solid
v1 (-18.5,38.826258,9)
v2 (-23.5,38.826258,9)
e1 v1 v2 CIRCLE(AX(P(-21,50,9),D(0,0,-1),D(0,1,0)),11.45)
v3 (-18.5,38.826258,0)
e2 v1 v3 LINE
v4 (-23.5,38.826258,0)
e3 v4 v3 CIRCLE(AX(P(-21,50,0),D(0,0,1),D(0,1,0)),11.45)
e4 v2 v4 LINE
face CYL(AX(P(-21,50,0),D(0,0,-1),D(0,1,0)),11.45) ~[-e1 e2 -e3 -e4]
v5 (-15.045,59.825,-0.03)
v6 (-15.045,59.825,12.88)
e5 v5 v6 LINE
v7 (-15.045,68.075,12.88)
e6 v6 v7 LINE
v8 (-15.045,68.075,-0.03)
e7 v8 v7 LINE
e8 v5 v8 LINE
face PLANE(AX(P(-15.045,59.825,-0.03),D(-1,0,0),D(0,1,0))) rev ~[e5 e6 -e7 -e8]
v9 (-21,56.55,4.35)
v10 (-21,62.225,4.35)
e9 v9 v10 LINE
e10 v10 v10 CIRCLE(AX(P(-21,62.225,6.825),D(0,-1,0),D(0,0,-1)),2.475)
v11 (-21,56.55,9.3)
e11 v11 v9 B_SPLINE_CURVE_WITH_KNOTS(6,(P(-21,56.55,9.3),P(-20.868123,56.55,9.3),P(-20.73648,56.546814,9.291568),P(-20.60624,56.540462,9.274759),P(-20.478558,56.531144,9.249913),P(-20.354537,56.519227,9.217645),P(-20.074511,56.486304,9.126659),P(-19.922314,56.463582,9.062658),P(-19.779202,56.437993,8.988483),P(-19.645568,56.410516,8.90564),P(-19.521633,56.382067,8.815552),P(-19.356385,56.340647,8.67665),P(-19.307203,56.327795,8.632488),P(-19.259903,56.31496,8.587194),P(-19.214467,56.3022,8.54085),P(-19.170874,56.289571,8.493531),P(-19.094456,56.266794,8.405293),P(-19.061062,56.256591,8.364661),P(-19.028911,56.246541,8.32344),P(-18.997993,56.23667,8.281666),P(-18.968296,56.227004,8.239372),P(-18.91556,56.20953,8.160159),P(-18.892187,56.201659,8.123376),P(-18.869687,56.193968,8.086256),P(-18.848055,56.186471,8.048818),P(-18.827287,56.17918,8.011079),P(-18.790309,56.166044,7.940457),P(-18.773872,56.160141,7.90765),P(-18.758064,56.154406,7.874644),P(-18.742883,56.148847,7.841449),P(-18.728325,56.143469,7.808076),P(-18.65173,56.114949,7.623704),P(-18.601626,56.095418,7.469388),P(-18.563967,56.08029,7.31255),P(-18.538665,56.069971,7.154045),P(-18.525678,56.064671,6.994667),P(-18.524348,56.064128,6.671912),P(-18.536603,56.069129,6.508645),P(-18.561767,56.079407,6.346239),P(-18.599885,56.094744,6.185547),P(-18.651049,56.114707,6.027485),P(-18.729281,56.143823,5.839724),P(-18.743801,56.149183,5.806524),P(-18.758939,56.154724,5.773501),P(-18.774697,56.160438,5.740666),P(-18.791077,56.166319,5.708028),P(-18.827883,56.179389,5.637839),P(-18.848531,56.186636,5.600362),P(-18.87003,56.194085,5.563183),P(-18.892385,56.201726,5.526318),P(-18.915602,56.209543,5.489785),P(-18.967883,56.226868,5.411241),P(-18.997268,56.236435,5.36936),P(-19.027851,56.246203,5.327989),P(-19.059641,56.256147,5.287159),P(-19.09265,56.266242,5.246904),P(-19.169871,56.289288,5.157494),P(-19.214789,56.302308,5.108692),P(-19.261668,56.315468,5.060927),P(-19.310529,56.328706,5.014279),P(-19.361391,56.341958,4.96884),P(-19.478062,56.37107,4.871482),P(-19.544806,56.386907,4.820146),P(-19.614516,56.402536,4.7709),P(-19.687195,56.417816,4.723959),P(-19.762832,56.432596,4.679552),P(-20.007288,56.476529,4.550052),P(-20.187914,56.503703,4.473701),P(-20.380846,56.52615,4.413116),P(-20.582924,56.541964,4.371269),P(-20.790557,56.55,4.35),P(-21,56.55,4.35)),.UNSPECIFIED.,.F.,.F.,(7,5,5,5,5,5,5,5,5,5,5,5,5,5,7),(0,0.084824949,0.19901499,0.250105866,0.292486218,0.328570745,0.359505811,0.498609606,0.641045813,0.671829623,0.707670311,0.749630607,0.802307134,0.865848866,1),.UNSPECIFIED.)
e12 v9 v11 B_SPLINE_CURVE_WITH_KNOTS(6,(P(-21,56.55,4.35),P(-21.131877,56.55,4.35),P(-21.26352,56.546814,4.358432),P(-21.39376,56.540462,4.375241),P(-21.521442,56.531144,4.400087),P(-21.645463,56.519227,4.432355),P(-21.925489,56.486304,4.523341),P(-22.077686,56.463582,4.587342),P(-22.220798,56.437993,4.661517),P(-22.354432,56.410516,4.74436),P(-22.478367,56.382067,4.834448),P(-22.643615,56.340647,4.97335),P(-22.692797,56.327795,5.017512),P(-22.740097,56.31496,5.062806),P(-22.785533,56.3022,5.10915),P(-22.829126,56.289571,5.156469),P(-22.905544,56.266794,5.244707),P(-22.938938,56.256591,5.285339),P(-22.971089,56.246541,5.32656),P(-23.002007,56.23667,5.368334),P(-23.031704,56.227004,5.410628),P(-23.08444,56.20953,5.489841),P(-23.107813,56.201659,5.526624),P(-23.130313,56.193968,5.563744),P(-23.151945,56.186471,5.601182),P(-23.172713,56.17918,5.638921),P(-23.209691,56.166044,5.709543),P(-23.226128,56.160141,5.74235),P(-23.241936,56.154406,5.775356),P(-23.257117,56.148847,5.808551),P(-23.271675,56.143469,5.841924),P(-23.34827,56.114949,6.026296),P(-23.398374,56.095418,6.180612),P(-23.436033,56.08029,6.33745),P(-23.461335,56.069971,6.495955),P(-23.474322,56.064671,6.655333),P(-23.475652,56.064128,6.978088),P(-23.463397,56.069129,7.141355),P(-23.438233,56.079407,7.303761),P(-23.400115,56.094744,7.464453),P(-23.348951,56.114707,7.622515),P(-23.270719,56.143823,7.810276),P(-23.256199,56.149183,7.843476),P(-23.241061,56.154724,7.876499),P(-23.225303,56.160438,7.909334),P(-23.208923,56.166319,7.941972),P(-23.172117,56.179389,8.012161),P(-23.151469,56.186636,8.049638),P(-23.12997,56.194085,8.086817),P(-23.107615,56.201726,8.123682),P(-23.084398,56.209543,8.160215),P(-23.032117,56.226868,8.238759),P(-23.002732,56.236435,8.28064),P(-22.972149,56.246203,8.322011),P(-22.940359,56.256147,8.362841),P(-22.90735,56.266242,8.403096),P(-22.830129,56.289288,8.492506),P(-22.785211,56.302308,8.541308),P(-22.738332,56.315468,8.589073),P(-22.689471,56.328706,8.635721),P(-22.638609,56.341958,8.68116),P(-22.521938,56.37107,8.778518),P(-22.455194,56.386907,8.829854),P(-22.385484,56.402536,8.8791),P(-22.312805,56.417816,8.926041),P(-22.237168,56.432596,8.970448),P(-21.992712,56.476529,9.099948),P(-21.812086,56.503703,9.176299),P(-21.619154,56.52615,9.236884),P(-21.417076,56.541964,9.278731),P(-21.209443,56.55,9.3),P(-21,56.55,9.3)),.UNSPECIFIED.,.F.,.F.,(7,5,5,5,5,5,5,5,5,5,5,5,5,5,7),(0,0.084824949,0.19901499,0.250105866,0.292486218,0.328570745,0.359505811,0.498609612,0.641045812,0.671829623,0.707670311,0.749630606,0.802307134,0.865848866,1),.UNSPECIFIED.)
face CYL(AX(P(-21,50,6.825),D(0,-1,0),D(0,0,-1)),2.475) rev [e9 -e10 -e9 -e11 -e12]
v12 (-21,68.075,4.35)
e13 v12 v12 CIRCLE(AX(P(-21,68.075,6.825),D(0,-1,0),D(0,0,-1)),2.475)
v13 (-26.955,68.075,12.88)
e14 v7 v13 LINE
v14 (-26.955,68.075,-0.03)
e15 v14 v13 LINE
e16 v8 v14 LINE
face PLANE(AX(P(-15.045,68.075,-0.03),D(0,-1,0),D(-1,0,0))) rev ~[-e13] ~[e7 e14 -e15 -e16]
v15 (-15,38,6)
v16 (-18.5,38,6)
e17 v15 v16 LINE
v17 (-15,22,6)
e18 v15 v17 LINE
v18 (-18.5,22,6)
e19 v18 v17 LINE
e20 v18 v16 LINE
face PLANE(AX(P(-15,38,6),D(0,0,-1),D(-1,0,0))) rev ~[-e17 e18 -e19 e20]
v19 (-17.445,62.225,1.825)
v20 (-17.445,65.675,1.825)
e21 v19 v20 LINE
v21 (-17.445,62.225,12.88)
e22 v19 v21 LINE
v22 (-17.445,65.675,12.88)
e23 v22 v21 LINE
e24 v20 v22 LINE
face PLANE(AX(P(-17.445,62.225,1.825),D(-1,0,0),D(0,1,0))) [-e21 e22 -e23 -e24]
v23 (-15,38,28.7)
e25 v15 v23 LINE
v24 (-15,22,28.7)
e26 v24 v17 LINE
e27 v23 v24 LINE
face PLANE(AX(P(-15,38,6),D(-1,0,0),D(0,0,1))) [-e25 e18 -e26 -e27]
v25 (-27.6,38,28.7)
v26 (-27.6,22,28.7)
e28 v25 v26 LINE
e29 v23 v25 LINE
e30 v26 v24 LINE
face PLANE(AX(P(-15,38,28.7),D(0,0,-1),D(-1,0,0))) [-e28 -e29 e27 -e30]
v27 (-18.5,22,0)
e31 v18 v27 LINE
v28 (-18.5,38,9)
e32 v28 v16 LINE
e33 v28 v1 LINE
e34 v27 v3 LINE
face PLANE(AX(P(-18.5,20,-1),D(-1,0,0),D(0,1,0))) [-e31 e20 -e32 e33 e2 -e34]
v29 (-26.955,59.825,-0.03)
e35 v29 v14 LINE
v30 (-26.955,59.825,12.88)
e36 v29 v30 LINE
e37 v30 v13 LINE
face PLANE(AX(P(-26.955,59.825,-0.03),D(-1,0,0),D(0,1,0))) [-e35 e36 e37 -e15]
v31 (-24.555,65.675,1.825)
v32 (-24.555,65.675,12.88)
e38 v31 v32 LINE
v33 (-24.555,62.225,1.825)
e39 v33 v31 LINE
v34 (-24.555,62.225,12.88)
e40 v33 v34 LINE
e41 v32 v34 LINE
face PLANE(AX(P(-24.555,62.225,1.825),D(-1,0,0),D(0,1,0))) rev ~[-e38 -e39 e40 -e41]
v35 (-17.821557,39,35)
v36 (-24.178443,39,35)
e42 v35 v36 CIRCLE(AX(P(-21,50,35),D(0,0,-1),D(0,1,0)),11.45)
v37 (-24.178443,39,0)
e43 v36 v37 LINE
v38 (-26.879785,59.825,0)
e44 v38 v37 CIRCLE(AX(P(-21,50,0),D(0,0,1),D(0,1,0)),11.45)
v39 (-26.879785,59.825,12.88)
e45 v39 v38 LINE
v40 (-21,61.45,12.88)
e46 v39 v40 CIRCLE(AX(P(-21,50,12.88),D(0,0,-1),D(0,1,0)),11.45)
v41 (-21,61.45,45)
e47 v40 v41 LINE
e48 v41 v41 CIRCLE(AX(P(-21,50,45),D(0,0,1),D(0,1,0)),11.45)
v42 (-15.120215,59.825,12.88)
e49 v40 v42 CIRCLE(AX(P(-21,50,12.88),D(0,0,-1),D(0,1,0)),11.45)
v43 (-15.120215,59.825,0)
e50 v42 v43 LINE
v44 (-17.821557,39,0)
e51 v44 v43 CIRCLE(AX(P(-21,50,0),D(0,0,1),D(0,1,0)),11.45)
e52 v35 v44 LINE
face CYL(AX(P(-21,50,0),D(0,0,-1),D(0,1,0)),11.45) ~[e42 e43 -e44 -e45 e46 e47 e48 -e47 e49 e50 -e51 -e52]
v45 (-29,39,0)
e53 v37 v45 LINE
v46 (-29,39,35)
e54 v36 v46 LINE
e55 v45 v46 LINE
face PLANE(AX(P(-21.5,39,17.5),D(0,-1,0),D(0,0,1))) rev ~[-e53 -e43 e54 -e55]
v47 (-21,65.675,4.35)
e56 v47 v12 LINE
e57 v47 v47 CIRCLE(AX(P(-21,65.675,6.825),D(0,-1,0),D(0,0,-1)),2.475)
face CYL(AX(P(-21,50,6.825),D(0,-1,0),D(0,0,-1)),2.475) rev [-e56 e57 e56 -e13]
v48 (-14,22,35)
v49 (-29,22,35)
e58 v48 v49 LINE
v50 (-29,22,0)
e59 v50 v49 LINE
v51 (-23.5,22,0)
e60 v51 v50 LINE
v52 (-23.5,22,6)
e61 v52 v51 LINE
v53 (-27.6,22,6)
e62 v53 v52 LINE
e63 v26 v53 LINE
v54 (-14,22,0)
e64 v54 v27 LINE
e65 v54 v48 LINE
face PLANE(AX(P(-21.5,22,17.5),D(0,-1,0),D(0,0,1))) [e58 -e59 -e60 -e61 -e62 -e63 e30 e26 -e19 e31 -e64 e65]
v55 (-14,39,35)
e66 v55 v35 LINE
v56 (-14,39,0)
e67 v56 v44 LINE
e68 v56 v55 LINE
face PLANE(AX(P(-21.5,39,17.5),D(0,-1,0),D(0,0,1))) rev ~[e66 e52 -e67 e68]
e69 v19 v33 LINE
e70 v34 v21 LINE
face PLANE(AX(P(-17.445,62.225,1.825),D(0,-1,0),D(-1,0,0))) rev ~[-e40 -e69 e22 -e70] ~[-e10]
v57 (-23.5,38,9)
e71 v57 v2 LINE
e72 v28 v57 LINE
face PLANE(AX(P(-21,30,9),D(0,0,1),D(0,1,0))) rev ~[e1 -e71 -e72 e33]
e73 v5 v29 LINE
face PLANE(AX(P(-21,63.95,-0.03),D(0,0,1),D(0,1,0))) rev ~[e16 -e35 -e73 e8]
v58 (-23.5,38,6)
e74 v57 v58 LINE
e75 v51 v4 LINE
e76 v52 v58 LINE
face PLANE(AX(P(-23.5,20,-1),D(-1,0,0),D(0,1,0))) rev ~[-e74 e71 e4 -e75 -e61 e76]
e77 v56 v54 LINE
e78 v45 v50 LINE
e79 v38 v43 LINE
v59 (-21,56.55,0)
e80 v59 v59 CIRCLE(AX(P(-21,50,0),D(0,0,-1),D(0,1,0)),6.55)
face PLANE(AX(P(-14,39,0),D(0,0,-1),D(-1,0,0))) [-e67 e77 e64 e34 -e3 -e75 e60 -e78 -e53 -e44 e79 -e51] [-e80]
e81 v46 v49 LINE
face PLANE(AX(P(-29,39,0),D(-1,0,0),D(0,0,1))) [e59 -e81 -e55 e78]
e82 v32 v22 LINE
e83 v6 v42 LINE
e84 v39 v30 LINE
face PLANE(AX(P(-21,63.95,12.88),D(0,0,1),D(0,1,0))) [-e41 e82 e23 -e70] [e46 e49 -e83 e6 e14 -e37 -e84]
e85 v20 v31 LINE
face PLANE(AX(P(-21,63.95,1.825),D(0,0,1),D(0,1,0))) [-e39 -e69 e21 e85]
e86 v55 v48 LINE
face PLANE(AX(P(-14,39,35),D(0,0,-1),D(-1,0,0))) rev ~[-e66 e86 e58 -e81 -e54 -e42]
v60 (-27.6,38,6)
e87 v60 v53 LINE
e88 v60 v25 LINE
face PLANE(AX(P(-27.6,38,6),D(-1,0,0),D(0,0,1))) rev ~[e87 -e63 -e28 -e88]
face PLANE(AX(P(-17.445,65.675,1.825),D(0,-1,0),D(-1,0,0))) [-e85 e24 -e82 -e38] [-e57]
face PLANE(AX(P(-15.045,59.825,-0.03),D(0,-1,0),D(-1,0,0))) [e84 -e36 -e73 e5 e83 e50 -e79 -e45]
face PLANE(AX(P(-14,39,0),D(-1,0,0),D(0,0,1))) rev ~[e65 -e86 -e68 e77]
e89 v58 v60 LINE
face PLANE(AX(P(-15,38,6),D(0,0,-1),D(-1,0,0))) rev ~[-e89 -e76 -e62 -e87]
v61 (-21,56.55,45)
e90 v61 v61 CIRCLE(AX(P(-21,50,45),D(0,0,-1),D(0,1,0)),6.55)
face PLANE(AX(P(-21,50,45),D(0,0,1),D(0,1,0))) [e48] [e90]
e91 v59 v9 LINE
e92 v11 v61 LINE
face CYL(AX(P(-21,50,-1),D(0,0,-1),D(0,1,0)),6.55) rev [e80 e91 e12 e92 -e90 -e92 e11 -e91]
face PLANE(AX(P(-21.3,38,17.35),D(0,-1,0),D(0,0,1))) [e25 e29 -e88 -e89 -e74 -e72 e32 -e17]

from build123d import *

# Parameters (mm, degrees)
BOX002_W               = 20
BOX002_H               = 5
BOX002_DEPTH           = 10
BOX_W                  = 22.7
BOX_H                  = 12.6
BOX_DEPTH              = 17
BOX001_W               = 35
BOX001_H               = 15
BOX001_DEPTH           = 17
CUT_PLACEMENT_ANGLE    = 90
CYLINDER002_R          = 2.475
CYLINDER002_DEPTH      = 22.9
CYLINDER001_R          = 6.55
CYLINDER001_DEPTH      = 50
CUBE001_W              = 3.45
CUBE001_H              = 7.11
CUBE001_DEPTH          = 11.11
CUBE_W                 = 8.25
CUBE_H                 = 11.91
CUBE_DEPTH             = 12.91
CYLINDER_R             = 11.45
CYLINDER_DEPTH         = 45
FUSION_PLACEMENT_ANGLE = 90


with BuildPart() as cube002:
    # Box002 → Box002 (new body)
    with BuildSketch(Plane(origin=(-30, -2.5, -1), x_dir=(1, 0, 0), z_dir=(0, 0, 1))):
        with Locations((10, 2.5)):
            Rectangle(BOX002_W, BOX002_H)
    extrude(amount=BOX002_DEPTH)


with BuildPart() as cube:
    # Box → Box (new body)
    with BuildSketch(Plane.XY.offset(1)):
        with Locations((11.35, 6.3)):
            Rectangle(BOX_W, BOX_H)
    extrude(amount=BOX_DEPTH)


with BuildPart() as cut001:
    # Box001 → Box001 (new body)
    with BuildSketch(Plane(origin=(-6, -1, 0), x_dir=(1, 0, 0), z_dir=(0, 0, 1))):
        with Locations((17.5, 7.5)):
            Rectangle(BOX001_W, BOX001_H)
    extrude(amount=BOX001_DEPTH)

    # Cut: cut Cube
    add(cube.part, mode=Mode.SUBTRACT)


with BuildPart() as cut001_1:
    # Cut placement: moved
    add(cut001.part.moved(Location((-11, -6, 6))).rotate(Axis((-11, -6, 6), (0, -1, 0)), CUT_PLACEMENT_ANGLE))

    # Cut001: cut Cube002
    add(cube002.part, mode=Mode.SUBTRACT)


with BuildPart() as cylinder002:
    # cylinder002 → cylinder002 (new body)
    with BuildSketch(Plane(origin=(0, 0, 6.825), x_dir=(0, 0, -1), z_dir=(1, 0, 0))):
        Circle(CYLINDER002_R)
    extrude(amount=CYLINDER002_DEPTH)


with BuildPart() as union001:
    # cylinder001 → cylinder001 (new body)
    with BuildSketch(Plane.XY.offset(-1)):
        Circle(CYLINDER001_R)
    extrude(amount=CYLINDER001_DEPTH)

    # union001: union cylinder002
    add(cylinder002.part)


with BuildPart() as cube001:
    # cube001 → cube001 (new body)
    with BuildSketch(Plane(origin=(-1.725, -3.555, -4.6), x_dir=(1, 0, 0), z_dir=(0, 0, 1))):
        with Locations((1.725, 3.555)):
            Rectangle(CUBE001_W, CUBE001_H)
    extrude(amount=CUBE001_DEPTH)


with BuildPart() as difference:
    # cube → cube (new body)
    with BuildSketch(Plane(origin=(-4.125, -5.955, -6.455), x_dir=(1, 0, 0), z_dir=(0, 0, 1))):
        with Locations((4.125, 5.955)):
            Rectangle(CUBE_W, CUBE_H)
    extrude(amount=CUBE_DEPTH)

    # difference: cut cube001
    add(cube001.part, mode=Mode.SUBTRACT)


with BuildPart() as difference_1:
    # difference placement: moved
    add(difference.part.moved(Location((13.95, 0, 6.425))))


with BuildPart() as motor_holder:
    # cylinder → cylinder (new body)
    with BuildSketch(Plane.XY):
        Circle(CYLINDER_R)
    extrude(amount=CYLINDER_DEPTH)

    # union: union difference
    add(difference_1.part)

    # difference001: cut union001
    add(union001.part, mode=Mode.SUBTRACT)

    # Fusion: union Cut001
    add(cut001_1.part)


with BuildPart() as motor_holder_1:
    # Fusion placement: moved
    add(motor_holder.part.moved(Location((-21, 50, 0))).rotate(Axis((-21, 50, 0), (0, 0, 1)), FUSION_PLACEMENT_ANGLE))


solid = motor_holder_1.part
